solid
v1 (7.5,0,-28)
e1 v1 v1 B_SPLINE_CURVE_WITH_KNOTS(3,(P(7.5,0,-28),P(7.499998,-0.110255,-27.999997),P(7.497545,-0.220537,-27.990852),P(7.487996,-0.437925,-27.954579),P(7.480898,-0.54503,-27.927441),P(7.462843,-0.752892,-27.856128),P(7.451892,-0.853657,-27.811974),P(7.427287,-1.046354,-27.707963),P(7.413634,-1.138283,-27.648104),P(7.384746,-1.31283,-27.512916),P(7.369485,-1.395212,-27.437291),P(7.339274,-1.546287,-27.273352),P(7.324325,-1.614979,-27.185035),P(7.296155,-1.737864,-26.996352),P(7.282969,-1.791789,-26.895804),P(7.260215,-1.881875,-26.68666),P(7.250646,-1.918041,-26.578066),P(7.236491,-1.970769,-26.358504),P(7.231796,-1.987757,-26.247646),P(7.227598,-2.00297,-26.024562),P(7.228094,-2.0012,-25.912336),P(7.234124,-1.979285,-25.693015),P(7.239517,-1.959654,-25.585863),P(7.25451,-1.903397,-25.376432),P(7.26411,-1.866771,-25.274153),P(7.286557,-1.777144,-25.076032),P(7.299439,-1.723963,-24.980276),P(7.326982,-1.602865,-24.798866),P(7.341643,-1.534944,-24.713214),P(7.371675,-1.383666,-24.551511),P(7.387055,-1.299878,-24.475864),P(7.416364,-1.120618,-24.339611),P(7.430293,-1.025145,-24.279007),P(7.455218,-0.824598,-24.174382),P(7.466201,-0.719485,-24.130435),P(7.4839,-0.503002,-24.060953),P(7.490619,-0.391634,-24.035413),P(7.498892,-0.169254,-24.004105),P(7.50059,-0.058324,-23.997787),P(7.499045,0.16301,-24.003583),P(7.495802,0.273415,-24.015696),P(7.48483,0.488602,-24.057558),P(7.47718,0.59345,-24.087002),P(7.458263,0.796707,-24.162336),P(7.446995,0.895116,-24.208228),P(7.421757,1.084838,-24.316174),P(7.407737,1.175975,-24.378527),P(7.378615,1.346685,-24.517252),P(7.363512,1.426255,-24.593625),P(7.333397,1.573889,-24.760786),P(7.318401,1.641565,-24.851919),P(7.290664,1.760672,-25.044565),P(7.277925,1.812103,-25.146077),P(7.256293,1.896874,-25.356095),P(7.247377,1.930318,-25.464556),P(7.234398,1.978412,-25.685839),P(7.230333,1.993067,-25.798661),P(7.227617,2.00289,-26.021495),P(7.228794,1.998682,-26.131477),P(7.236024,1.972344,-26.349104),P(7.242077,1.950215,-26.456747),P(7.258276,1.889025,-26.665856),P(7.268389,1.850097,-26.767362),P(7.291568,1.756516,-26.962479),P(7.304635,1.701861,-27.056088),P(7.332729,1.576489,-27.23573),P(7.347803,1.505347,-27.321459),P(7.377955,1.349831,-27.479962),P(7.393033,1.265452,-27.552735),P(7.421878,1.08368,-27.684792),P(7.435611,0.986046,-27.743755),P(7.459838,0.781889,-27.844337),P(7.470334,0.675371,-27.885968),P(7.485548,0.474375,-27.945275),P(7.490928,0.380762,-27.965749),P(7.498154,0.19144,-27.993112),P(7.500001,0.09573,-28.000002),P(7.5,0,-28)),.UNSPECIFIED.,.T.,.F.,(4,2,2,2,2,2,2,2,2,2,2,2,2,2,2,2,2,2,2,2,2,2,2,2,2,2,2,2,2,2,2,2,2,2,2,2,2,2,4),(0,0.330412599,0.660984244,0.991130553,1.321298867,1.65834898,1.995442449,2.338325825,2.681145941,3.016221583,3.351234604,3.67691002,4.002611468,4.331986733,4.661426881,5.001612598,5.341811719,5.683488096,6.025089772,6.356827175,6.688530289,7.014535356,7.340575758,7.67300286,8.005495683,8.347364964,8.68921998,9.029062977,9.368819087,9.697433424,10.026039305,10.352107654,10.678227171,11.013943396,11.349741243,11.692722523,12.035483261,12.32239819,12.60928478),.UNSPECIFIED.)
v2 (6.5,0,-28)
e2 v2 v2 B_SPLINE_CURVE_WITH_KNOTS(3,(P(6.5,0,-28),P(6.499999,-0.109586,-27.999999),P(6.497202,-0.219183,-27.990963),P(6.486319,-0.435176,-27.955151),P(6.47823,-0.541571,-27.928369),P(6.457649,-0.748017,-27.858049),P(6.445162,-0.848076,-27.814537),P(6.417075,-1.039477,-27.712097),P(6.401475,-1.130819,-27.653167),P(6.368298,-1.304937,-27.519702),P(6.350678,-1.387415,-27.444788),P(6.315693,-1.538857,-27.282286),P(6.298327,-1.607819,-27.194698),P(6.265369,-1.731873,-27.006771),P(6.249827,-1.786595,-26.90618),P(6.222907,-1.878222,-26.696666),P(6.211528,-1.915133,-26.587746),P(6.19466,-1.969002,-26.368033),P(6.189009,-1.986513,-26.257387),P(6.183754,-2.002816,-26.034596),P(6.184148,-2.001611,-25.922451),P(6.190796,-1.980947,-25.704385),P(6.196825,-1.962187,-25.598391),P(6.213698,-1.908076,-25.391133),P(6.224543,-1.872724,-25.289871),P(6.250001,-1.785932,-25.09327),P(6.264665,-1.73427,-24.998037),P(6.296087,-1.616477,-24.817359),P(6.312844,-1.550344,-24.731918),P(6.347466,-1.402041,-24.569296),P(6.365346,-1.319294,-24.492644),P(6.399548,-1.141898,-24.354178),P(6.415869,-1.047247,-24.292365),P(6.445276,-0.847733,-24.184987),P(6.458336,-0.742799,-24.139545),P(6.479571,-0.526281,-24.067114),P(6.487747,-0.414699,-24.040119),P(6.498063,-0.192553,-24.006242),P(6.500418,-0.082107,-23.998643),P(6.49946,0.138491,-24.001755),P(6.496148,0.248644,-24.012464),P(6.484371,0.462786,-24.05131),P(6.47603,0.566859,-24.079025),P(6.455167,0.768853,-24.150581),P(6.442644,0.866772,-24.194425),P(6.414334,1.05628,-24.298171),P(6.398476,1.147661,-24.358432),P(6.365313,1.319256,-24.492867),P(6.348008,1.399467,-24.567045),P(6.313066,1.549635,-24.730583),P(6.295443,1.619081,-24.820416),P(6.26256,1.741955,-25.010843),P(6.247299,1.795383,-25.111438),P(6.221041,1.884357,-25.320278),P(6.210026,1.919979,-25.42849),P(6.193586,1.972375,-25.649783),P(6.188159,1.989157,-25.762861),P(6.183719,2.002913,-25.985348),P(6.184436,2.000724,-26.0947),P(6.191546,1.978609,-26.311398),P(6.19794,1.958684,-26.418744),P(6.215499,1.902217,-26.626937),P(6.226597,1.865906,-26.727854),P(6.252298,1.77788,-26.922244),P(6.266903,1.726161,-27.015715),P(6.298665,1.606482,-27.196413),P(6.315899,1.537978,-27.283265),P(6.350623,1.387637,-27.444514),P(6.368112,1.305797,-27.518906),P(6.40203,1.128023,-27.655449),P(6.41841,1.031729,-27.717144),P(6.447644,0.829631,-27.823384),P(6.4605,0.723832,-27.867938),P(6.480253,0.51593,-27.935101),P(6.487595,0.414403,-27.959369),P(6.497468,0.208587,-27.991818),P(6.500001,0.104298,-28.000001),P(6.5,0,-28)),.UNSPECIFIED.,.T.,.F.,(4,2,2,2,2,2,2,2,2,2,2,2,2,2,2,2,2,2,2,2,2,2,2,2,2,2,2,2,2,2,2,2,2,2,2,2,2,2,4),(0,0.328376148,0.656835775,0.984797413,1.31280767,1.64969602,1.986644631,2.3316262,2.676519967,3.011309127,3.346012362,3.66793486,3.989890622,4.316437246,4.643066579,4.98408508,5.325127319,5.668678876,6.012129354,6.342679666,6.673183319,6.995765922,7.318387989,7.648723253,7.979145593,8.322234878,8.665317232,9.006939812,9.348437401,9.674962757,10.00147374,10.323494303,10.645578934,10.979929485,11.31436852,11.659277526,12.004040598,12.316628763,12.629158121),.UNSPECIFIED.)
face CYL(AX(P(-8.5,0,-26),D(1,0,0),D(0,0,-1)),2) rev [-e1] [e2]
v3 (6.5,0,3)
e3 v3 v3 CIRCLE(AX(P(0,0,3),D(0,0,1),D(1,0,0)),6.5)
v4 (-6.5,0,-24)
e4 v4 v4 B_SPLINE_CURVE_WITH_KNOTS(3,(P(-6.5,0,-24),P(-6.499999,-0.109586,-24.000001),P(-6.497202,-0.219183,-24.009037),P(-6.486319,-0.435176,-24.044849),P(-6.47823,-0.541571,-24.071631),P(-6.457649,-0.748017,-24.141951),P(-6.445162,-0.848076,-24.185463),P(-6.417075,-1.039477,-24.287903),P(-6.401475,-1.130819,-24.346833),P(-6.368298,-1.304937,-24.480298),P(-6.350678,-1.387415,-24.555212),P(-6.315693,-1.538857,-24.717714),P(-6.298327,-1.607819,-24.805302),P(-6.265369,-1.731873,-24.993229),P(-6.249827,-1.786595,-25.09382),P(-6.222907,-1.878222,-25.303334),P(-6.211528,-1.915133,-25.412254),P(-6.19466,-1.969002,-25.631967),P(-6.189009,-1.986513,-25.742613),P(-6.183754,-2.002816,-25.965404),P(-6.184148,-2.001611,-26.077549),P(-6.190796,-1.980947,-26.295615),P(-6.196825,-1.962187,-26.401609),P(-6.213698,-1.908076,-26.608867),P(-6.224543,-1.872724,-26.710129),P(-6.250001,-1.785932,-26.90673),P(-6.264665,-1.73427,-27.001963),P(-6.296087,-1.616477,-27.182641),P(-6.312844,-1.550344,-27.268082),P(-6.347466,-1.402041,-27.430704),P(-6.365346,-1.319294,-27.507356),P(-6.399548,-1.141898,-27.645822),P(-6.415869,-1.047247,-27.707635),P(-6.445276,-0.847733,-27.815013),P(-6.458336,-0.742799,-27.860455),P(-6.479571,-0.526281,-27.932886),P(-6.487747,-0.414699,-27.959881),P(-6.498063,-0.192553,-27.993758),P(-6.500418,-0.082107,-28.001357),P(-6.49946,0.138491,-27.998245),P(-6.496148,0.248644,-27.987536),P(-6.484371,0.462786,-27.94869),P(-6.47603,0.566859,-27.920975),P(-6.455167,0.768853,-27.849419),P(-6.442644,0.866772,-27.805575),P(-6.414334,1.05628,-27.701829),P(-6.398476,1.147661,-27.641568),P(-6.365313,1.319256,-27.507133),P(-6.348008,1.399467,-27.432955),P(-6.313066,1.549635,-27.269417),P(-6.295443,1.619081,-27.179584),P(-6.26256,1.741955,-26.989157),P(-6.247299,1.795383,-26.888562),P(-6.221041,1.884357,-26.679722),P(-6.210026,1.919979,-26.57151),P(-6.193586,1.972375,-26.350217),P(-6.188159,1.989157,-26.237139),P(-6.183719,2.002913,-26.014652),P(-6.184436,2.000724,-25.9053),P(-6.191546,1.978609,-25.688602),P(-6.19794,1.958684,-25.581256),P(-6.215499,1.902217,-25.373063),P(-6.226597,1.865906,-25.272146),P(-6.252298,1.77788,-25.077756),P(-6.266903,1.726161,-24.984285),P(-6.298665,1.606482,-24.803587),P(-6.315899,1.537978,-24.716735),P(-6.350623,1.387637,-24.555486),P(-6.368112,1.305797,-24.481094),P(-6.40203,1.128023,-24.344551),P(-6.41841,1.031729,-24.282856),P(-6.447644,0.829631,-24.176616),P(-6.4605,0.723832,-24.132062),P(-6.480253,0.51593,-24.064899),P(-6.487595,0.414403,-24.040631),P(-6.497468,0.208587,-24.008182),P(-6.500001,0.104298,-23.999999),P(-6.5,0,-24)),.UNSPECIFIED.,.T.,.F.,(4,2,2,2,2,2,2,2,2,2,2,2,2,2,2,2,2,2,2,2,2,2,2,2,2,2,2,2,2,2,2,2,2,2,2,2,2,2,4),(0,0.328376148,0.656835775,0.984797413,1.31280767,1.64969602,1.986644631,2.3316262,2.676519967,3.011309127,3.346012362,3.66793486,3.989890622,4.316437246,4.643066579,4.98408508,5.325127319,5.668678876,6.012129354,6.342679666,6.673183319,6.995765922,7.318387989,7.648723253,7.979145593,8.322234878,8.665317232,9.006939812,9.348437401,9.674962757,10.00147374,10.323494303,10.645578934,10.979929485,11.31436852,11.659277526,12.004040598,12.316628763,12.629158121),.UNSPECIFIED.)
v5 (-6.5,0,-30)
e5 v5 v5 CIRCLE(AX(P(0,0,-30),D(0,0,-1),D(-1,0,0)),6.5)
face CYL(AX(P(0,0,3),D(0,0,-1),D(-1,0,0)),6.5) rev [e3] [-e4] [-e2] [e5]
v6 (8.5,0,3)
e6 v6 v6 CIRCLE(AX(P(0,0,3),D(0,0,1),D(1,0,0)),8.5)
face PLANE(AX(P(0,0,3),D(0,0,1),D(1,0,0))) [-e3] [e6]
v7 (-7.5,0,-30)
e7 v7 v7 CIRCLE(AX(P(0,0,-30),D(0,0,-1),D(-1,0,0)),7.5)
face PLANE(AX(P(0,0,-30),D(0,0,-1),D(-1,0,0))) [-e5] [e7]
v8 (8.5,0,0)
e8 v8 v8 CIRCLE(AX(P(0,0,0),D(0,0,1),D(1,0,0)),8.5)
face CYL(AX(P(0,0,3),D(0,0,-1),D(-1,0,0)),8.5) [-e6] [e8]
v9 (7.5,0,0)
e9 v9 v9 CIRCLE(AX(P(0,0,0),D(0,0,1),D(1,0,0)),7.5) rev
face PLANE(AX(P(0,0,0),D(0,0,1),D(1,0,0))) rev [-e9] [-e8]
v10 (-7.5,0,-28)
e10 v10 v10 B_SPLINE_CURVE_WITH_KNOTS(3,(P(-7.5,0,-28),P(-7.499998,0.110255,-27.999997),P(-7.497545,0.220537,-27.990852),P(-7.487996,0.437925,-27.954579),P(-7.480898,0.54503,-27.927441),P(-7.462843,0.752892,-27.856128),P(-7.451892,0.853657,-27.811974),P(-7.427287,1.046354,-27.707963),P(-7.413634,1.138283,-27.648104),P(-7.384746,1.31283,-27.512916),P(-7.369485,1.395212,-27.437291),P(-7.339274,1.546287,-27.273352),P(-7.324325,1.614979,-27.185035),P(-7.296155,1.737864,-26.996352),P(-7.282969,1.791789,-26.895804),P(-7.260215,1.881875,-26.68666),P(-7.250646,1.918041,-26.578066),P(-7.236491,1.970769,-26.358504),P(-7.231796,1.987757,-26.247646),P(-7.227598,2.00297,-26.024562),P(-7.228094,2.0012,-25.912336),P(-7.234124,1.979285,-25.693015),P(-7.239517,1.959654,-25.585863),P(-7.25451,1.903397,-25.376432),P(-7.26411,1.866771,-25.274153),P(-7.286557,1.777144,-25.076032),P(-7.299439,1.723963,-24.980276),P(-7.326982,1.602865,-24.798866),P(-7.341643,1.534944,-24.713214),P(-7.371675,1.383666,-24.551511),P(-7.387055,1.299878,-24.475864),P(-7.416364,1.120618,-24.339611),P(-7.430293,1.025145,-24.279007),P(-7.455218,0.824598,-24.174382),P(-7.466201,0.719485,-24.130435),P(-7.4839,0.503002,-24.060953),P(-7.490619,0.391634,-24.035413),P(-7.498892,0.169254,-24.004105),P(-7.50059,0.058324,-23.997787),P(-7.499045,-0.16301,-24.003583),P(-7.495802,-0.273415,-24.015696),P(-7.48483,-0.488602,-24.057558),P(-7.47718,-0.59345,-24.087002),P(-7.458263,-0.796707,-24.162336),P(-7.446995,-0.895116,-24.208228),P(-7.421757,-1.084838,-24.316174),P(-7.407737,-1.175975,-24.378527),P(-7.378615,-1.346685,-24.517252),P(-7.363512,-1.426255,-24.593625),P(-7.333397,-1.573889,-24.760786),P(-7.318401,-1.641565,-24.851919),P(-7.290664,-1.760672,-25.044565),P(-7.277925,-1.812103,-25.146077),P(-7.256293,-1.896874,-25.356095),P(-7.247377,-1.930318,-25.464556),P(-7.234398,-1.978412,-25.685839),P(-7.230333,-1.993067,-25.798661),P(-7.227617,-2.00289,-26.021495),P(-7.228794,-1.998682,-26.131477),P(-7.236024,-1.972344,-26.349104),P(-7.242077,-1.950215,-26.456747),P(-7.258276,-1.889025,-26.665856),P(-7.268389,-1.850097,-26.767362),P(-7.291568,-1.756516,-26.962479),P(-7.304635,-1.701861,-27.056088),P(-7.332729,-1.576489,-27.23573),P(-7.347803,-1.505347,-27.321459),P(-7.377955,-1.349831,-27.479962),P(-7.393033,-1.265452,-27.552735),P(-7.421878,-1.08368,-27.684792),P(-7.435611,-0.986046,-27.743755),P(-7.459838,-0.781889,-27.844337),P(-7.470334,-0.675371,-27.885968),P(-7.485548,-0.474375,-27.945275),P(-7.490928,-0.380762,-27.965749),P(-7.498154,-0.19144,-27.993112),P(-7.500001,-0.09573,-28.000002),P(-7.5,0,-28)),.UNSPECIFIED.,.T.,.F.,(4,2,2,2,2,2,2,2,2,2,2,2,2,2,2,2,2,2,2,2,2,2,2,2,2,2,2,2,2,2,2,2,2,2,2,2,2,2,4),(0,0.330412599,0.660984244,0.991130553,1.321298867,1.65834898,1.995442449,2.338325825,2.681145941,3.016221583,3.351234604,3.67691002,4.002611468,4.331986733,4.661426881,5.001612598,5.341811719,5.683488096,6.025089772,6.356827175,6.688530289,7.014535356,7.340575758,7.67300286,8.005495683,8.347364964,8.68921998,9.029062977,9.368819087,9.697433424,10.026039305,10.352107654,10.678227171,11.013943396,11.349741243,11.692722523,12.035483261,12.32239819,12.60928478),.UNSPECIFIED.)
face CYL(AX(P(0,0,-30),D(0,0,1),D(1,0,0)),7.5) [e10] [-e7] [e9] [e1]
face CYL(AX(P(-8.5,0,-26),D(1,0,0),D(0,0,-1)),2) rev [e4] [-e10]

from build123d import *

# Parameters (mm, degrees)
ESBO_O1_R                  = 8.5
ESBO_O1_R_2                = 6.5
RESSALTO_EXTRUS_O1_DEPTH   = 3
ESBO_O3_R                  = 7.5
ESBO_O3_R_2                = 6.5
RESSALTO_EXTRUS_O3_DEPTH   = 30
ESBO_O4_R                  = 2
CORTE_EXTRUS_O1_DEPTH      = 9.5
CORTE_EXTRUS_O1_DEPTH_BACK = 9.5


with BuildPart() as part:
    # Esboço1 → Ressalto-extrusão1 (new body)
    with BuildSketch(Plane.XY):
        Circle(ESBO_O1_R)
        Circle(ESBO_O1_R_2, mode=Mode.SUBTRACT)
    extrude(amount=RESSALTO_EXTRUS_O1_DEPTH)

    # Esboço3 → Ressalto-extrusão3 (add)
    with BuildSketch(Plane(origin=(0, 0, 0), x_dir=(-1, 0, 0), z_dir=(0, 0, -1))):
        Circle(ESBO_O3_R)
        Circle(ESBO_O3_R_2, mode=Mode.SUBTRACT)
    extrude(amount=RESSALTO_EXTRUS_O3_DEPTH)

    # Esboço4 → Corte-extrusão1 (cut, two sides)
    with BuildSketch(Plane(origin=(0, 0, 0), x_dir=(0, 0, -1), z_dir=(1, 0, 0))) as corte_extrus_o1_sk:
        with Locations((26, 0)):
            Circle(ESBO_O4_R)
    extrude(amount=CORTE_EXTRUS_O1_DEPTH, mode=Mode.SUBTRACT)
    extrude(corte_extrus_o1_sk.sketch, amount=-CORTE_EXTRUS_O1_DEPTH_BACK, mode=Mode.SUBTRACT)


solid = part.part
